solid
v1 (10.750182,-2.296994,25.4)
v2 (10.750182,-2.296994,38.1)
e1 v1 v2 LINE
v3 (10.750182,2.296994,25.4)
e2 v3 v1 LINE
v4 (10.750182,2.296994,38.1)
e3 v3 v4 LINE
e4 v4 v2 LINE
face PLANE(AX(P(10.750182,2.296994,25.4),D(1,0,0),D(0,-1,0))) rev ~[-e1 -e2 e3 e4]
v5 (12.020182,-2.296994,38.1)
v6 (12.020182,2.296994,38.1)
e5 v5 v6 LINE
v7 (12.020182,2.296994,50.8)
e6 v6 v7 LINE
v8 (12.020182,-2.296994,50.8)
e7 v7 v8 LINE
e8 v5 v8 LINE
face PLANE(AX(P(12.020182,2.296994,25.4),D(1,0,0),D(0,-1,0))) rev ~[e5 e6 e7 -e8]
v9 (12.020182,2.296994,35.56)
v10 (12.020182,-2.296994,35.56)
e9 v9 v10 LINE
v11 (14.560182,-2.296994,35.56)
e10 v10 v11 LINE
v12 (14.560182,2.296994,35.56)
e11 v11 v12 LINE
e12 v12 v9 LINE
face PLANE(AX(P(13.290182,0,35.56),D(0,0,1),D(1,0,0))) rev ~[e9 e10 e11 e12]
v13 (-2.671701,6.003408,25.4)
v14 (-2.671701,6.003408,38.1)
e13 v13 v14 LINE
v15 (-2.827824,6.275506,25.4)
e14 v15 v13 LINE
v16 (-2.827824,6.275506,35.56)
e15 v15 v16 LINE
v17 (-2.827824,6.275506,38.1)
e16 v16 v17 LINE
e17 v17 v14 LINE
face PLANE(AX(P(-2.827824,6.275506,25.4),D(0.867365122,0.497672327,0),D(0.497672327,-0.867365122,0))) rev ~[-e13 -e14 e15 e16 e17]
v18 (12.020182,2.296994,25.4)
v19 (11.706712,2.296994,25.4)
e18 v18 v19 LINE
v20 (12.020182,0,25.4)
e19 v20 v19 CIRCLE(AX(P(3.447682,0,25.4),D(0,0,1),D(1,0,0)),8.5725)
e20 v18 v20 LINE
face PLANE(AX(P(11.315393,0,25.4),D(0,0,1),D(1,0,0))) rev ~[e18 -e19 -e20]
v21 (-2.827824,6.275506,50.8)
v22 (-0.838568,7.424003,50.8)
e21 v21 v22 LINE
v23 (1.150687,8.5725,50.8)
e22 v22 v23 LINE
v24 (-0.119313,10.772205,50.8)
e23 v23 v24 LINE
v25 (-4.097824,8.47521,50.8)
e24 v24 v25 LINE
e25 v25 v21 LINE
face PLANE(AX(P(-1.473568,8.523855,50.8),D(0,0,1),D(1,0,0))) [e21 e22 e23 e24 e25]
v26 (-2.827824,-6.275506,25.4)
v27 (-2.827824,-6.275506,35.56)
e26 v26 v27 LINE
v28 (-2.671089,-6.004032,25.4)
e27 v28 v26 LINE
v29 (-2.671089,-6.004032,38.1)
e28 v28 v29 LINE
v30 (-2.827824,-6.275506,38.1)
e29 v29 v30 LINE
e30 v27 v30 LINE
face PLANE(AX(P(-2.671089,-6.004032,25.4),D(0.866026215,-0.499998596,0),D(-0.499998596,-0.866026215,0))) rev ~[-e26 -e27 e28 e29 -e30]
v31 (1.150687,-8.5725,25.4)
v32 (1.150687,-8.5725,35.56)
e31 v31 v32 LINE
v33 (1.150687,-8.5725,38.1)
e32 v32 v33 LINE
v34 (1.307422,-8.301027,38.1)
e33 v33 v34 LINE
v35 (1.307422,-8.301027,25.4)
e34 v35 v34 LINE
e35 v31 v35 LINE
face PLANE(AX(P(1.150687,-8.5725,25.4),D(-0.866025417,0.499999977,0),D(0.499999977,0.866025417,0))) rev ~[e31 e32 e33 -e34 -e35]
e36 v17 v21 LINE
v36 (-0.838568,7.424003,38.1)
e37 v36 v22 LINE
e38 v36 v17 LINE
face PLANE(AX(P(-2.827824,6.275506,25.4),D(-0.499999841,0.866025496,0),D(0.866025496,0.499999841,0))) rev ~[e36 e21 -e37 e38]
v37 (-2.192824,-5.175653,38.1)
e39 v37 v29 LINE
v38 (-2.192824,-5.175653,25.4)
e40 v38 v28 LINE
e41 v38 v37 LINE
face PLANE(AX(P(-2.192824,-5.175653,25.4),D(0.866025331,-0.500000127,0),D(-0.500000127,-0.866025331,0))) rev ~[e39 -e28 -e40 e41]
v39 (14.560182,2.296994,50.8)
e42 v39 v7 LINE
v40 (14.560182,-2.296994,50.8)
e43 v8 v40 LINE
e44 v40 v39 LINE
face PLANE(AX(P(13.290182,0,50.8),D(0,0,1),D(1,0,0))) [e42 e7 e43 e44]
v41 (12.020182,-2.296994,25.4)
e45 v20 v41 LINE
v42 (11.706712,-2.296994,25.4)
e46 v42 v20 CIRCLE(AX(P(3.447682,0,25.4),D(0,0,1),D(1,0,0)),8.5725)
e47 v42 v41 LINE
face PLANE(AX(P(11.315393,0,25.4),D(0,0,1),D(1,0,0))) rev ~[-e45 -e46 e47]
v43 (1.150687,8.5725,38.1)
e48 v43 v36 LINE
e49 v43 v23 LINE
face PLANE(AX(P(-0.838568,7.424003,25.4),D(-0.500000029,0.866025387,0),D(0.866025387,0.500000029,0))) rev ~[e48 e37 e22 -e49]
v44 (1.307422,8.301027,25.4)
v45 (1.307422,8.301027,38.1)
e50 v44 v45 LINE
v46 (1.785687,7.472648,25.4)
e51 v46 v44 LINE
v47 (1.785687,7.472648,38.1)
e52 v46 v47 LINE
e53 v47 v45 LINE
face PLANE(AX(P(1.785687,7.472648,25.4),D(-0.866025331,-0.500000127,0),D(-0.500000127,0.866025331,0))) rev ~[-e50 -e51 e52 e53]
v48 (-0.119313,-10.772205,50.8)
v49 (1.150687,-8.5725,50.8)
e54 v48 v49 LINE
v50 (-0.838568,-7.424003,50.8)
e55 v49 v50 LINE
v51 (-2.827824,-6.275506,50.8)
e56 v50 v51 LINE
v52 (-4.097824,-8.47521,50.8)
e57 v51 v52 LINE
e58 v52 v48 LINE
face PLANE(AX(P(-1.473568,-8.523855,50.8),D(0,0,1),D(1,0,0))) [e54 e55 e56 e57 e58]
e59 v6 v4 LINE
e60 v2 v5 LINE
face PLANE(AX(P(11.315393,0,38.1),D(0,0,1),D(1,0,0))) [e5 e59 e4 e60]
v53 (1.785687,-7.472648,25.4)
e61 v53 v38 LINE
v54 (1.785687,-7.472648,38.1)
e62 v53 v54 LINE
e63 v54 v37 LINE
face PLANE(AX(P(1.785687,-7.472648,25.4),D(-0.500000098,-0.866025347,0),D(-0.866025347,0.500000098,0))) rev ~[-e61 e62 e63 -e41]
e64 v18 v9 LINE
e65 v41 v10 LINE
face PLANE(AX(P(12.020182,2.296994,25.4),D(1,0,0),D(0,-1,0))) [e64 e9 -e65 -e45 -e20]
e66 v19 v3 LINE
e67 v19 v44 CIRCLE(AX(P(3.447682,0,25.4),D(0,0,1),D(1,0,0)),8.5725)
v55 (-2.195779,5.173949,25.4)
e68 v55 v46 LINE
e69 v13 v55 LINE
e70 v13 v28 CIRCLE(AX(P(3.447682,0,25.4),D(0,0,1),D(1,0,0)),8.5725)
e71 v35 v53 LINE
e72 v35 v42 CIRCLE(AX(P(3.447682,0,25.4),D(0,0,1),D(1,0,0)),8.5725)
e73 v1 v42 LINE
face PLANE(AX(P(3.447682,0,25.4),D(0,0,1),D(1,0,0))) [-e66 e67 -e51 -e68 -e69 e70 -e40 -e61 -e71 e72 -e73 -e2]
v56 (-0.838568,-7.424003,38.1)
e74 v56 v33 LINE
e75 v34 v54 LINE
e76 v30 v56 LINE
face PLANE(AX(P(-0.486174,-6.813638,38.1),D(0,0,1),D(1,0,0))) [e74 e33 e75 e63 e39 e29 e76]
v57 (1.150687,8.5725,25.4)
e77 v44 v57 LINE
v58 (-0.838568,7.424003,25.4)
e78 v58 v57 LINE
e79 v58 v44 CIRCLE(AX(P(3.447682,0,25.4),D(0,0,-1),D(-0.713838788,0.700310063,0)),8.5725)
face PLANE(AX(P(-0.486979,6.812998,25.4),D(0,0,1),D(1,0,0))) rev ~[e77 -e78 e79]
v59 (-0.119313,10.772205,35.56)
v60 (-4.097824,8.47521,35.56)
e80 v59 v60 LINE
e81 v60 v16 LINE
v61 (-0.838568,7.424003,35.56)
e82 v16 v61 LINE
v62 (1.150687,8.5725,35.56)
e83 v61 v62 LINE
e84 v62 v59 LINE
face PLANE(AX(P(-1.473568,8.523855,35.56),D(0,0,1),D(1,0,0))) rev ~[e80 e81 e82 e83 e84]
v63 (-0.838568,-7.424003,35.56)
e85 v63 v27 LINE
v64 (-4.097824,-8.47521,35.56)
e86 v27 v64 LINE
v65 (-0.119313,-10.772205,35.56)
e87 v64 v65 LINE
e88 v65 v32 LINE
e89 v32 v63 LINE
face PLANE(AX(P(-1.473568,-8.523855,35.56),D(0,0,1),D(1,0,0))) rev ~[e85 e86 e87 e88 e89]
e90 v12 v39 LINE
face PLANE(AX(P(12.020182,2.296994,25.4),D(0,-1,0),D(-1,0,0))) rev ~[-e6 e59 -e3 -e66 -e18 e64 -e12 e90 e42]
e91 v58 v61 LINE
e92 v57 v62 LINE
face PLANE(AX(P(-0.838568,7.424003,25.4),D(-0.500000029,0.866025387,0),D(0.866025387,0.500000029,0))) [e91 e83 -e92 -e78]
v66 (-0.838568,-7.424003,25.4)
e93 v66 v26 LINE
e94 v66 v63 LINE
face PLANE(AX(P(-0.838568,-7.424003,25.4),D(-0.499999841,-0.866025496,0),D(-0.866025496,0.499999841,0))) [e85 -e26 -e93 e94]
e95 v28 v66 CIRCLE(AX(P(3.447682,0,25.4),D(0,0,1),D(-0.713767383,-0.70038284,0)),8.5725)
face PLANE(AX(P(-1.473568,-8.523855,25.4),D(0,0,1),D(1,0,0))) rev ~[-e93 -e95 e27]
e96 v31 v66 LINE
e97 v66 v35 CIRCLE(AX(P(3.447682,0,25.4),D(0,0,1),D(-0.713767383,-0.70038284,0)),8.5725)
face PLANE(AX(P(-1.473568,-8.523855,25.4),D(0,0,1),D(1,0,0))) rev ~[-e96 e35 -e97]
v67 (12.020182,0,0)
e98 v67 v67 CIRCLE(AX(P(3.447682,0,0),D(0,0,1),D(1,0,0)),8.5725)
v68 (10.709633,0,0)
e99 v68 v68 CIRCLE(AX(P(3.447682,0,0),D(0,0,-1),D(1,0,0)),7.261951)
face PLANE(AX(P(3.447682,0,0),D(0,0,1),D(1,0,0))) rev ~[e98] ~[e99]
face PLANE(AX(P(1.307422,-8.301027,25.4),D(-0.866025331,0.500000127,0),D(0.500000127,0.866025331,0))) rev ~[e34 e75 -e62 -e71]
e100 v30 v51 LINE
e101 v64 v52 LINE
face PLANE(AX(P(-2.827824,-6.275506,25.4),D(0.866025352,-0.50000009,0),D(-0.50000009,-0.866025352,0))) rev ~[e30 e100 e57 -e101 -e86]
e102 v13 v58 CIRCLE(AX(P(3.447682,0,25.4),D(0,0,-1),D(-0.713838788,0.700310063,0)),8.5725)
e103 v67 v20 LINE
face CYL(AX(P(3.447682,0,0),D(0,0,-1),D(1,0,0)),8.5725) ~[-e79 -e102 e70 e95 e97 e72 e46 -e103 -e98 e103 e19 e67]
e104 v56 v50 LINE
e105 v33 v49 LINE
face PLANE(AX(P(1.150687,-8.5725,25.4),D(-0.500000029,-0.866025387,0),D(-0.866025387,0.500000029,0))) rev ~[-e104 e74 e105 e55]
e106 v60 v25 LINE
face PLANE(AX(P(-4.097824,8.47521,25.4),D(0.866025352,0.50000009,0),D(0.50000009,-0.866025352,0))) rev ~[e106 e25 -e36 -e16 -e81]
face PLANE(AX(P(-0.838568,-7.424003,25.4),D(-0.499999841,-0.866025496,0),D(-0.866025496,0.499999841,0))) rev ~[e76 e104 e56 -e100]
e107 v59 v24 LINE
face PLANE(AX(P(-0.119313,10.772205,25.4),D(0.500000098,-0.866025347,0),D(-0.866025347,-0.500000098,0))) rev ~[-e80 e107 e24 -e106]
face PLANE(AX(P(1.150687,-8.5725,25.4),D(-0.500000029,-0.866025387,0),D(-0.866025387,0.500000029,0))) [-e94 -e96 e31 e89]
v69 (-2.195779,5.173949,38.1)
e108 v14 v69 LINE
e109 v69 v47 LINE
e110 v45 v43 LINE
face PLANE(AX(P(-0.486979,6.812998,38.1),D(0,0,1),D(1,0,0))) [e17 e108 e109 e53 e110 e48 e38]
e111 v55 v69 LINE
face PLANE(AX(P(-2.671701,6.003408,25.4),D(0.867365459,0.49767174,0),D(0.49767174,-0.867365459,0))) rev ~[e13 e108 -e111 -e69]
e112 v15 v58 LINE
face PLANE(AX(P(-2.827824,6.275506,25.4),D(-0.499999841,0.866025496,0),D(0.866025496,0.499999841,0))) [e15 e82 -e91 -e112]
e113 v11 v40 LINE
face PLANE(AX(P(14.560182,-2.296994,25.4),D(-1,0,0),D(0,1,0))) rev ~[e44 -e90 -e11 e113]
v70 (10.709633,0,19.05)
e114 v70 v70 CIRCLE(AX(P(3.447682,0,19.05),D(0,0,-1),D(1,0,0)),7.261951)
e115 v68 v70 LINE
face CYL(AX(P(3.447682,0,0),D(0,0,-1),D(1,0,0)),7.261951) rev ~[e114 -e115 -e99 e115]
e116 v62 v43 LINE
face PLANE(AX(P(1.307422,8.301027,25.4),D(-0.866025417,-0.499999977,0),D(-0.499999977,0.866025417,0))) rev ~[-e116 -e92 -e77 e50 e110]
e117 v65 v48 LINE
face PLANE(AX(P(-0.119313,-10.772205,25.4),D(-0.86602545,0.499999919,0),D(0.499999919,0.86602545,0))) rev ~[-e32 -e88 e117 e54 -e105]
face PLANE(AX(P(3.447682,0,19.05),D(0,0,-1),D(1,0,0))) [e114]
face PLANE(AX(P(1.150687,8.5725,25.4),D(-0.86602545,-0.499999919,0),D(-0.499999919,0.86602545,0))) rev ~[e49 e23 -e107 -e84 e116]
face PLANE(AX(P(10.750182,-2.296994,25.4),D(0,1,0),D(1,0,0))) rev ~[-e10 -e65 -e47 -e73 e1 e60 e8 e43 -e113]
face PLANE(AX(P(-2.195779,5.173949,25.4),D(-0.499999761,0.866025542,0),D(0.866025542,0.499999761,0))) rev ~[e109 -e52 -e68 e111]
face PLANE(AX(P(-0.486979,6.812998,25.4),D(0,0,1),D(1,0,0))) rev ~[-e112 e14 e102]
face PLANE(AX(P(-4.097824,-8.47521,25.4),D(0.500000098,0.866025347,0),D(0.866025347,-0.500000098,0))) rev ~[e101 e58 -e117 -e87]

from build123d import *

# Parameters (mm, degrees)
F0_R     = 8.5725
F1_DEPTH = 25.4
F3_DEPTH = 12.7
F4_R     = 7.261951
F5_DEPTH = 19.05
F6_DEPTH = 25.4
F7_DEPTH = 10.16


with BuildPart() as f1:
    # F0 (on Top) → F1 (new body)
    with BuildSketch(Plane.XY):
        with Locations((3.447682, 0)):
            Circle(F0_R)
    extrude(amount=F1_DEPTH)

    # F2 (on face) → F3 (join)
    with BuildSketch(Plane.XY.offset(25.4)):
        with BuildLine():
            Line((-2.192824, -5.175653), (-2.671089, -6.004032))
            ThreePointArc((-2.671089, -6.004032), (-1.803051, -6.77625), (-0.838568, -7.424003))
            ThreePointArc((-0.838568, -7.424003), (0.204643, -7.935393), (1.307422, -8.301027))
            Line((1.307422, -8.301027), (1.785687, -7.472648))
            Line((1.785687, -7.472648), (-2.192824, -5.175653))
        make_face()
        with BuildLine():
            ThreePointArc((1.307422, 8.301027), (0.204643, 7.935393), (-0.838568, 7.424003))
            ThreePointArc((-0.838568, 7.424003), (-1.803396, 6.775982), (-2.671701, 6.003408))
            Line((-2.671701, 6.003408), (-2.195779, 5.173949))
            Line((-2.195779, 5.173949), (1.785687, 7.472648))
            Line((1.785687, 7.472648), (1.307422, 8.301027))
        make_face()
        with BuildLine():
            ThreePointArc((12.020182, 0), (11.941453, 1.159143), (11.706711, 2.296994))
            Line((11.706711, 2.296994), (10.750182, 2.296994))
            Line((10.750182, 2.296994), (10.750182, -2.296994))
            Line((10.750182, -2.296994), (11.706711, -2.296994))
            ThreePointArc((11.706711, -2.296994), (11.941453, -1.159143), (12.020182, 0))
        make_face()
        with BuildLine():
            Line((12.020182, 0), (12.020182, 2.296994))
            Line((12.020182, 2.296994), (11.706711, 2.296994))
            ThreePointArc((11.706711, 2.296994), (11.941453, 1.159143), (12.020182, 0))
        make_face()
        with BuildLine():
            Line((12.020182, -2.296994), (12.020182, 0))
            ThreePointArc((12.020182, 0), (11.941453, -1.159143), (11.706711, -2.296994))
            Line((11.706711, -2.296994), (12.020182, -2.296994))
        make_face()
        with BuildLine():
            Line((-2.671089, -6.004032), (-2.827824, -6.275506))
            Line((-2.827824, -6.275506), (-0.838568, -7.424003))
            ThreePointArc((-0.838568, -7.424003), (-1.803051, -6.77625), (-2.671089, -6.004032))
        make_face()
        with BuildLine():
            ThreePointArc((1.307422, -8.301027), (0.204643, -7.935393), (-0.838568, -7.424003))
            Line((-0.838568, -7.424003), (1.150687, -8.5725))
            Line((1.150687, -8.5725), (1.307422, -8.301027))
        make_face()
        with BuildLine():
            Line((1.150687, 8.5725), (-0.838568, 7.424003))
            ThreePointArc((-0.838568, 7.424003), (0.204643, 7.935393), (1.307422, 8.301027))
            Line((1.307422, 8.301027), (1.150687, 8.5725))
        make_face()
        with BuildLine():
            Line((-0.838568, 7.424003), (-2.827824, 6.275506))
            Line((-2.827824, 6.275506), (-2.671701, 6.003408))
            ThreePointArc((-2.671701, 6.003408), (-1.803396, 6.775982), (-0.838568, 7.424003))
        make_face()
    extrude(amount=F3_DEPTH)

    # F4 (on face) → F5 (cut)
    with BuildSketch(Plane(origin=(0, 0, 0), x_dir=(1, 0, 0), z_dir=(0, 0, -1))):
        with Locations((3.447682, 0)):
            Circle(F4_R)
    extrude(amount=-F5_DEPTH, mode=Mode.SUBTRACT)

    # F2 (on face) → F6 (join)
    with BuildSketch(Plane.XY.offset(25.4)):
        Polygon((-0.838568, -7.424003), (-2.827824, -6.275506), (-4.097824, -8.47521), (-0.119313, -10.772205), (1.150687, -8.5725), align=None)
        Polygon((14.560182, 2.296994), (12.020182, 2.296994), (12.020182, 0), (12.020182, -2.296994), (14.560182, -2.296994), align=None)
        Polygon((-4.097824, 8.47521), (-2.827824, 6.275506), (-0.838568, 7.424003), (1.150687, 8.5725), (-0.119313, 10.772205), align=None)
    extrude(amount=F6_DEPTH)

    # F2 (on face) → F7 (cut)
    with BuildSketch(Plane.XY.offset(25.4)):
        Polygon((-0.838568, -7.424003), (-2.827824, -6.275506), (-4.097824, -8.47521), (-0.119313, -10.772205), (1.150687, -8.5725), align=None)
        Polygon((14.560182, 2.296994), (12.020182, 2.296994), (12.020182, 0), (12.020182, -2.296994), (14.560182, -2.296994), align=None)
        Polygon((-4.097824, 8.47521), (-2.827824, 6.275506), (-0.838568, 7.424003), (1.150687, 8.5725), (-0.119313, 10.772205), align=None)
    extrude(amount=F7_DEPTH, mode=Mode.SUBTRACT)


solid = f1.part
